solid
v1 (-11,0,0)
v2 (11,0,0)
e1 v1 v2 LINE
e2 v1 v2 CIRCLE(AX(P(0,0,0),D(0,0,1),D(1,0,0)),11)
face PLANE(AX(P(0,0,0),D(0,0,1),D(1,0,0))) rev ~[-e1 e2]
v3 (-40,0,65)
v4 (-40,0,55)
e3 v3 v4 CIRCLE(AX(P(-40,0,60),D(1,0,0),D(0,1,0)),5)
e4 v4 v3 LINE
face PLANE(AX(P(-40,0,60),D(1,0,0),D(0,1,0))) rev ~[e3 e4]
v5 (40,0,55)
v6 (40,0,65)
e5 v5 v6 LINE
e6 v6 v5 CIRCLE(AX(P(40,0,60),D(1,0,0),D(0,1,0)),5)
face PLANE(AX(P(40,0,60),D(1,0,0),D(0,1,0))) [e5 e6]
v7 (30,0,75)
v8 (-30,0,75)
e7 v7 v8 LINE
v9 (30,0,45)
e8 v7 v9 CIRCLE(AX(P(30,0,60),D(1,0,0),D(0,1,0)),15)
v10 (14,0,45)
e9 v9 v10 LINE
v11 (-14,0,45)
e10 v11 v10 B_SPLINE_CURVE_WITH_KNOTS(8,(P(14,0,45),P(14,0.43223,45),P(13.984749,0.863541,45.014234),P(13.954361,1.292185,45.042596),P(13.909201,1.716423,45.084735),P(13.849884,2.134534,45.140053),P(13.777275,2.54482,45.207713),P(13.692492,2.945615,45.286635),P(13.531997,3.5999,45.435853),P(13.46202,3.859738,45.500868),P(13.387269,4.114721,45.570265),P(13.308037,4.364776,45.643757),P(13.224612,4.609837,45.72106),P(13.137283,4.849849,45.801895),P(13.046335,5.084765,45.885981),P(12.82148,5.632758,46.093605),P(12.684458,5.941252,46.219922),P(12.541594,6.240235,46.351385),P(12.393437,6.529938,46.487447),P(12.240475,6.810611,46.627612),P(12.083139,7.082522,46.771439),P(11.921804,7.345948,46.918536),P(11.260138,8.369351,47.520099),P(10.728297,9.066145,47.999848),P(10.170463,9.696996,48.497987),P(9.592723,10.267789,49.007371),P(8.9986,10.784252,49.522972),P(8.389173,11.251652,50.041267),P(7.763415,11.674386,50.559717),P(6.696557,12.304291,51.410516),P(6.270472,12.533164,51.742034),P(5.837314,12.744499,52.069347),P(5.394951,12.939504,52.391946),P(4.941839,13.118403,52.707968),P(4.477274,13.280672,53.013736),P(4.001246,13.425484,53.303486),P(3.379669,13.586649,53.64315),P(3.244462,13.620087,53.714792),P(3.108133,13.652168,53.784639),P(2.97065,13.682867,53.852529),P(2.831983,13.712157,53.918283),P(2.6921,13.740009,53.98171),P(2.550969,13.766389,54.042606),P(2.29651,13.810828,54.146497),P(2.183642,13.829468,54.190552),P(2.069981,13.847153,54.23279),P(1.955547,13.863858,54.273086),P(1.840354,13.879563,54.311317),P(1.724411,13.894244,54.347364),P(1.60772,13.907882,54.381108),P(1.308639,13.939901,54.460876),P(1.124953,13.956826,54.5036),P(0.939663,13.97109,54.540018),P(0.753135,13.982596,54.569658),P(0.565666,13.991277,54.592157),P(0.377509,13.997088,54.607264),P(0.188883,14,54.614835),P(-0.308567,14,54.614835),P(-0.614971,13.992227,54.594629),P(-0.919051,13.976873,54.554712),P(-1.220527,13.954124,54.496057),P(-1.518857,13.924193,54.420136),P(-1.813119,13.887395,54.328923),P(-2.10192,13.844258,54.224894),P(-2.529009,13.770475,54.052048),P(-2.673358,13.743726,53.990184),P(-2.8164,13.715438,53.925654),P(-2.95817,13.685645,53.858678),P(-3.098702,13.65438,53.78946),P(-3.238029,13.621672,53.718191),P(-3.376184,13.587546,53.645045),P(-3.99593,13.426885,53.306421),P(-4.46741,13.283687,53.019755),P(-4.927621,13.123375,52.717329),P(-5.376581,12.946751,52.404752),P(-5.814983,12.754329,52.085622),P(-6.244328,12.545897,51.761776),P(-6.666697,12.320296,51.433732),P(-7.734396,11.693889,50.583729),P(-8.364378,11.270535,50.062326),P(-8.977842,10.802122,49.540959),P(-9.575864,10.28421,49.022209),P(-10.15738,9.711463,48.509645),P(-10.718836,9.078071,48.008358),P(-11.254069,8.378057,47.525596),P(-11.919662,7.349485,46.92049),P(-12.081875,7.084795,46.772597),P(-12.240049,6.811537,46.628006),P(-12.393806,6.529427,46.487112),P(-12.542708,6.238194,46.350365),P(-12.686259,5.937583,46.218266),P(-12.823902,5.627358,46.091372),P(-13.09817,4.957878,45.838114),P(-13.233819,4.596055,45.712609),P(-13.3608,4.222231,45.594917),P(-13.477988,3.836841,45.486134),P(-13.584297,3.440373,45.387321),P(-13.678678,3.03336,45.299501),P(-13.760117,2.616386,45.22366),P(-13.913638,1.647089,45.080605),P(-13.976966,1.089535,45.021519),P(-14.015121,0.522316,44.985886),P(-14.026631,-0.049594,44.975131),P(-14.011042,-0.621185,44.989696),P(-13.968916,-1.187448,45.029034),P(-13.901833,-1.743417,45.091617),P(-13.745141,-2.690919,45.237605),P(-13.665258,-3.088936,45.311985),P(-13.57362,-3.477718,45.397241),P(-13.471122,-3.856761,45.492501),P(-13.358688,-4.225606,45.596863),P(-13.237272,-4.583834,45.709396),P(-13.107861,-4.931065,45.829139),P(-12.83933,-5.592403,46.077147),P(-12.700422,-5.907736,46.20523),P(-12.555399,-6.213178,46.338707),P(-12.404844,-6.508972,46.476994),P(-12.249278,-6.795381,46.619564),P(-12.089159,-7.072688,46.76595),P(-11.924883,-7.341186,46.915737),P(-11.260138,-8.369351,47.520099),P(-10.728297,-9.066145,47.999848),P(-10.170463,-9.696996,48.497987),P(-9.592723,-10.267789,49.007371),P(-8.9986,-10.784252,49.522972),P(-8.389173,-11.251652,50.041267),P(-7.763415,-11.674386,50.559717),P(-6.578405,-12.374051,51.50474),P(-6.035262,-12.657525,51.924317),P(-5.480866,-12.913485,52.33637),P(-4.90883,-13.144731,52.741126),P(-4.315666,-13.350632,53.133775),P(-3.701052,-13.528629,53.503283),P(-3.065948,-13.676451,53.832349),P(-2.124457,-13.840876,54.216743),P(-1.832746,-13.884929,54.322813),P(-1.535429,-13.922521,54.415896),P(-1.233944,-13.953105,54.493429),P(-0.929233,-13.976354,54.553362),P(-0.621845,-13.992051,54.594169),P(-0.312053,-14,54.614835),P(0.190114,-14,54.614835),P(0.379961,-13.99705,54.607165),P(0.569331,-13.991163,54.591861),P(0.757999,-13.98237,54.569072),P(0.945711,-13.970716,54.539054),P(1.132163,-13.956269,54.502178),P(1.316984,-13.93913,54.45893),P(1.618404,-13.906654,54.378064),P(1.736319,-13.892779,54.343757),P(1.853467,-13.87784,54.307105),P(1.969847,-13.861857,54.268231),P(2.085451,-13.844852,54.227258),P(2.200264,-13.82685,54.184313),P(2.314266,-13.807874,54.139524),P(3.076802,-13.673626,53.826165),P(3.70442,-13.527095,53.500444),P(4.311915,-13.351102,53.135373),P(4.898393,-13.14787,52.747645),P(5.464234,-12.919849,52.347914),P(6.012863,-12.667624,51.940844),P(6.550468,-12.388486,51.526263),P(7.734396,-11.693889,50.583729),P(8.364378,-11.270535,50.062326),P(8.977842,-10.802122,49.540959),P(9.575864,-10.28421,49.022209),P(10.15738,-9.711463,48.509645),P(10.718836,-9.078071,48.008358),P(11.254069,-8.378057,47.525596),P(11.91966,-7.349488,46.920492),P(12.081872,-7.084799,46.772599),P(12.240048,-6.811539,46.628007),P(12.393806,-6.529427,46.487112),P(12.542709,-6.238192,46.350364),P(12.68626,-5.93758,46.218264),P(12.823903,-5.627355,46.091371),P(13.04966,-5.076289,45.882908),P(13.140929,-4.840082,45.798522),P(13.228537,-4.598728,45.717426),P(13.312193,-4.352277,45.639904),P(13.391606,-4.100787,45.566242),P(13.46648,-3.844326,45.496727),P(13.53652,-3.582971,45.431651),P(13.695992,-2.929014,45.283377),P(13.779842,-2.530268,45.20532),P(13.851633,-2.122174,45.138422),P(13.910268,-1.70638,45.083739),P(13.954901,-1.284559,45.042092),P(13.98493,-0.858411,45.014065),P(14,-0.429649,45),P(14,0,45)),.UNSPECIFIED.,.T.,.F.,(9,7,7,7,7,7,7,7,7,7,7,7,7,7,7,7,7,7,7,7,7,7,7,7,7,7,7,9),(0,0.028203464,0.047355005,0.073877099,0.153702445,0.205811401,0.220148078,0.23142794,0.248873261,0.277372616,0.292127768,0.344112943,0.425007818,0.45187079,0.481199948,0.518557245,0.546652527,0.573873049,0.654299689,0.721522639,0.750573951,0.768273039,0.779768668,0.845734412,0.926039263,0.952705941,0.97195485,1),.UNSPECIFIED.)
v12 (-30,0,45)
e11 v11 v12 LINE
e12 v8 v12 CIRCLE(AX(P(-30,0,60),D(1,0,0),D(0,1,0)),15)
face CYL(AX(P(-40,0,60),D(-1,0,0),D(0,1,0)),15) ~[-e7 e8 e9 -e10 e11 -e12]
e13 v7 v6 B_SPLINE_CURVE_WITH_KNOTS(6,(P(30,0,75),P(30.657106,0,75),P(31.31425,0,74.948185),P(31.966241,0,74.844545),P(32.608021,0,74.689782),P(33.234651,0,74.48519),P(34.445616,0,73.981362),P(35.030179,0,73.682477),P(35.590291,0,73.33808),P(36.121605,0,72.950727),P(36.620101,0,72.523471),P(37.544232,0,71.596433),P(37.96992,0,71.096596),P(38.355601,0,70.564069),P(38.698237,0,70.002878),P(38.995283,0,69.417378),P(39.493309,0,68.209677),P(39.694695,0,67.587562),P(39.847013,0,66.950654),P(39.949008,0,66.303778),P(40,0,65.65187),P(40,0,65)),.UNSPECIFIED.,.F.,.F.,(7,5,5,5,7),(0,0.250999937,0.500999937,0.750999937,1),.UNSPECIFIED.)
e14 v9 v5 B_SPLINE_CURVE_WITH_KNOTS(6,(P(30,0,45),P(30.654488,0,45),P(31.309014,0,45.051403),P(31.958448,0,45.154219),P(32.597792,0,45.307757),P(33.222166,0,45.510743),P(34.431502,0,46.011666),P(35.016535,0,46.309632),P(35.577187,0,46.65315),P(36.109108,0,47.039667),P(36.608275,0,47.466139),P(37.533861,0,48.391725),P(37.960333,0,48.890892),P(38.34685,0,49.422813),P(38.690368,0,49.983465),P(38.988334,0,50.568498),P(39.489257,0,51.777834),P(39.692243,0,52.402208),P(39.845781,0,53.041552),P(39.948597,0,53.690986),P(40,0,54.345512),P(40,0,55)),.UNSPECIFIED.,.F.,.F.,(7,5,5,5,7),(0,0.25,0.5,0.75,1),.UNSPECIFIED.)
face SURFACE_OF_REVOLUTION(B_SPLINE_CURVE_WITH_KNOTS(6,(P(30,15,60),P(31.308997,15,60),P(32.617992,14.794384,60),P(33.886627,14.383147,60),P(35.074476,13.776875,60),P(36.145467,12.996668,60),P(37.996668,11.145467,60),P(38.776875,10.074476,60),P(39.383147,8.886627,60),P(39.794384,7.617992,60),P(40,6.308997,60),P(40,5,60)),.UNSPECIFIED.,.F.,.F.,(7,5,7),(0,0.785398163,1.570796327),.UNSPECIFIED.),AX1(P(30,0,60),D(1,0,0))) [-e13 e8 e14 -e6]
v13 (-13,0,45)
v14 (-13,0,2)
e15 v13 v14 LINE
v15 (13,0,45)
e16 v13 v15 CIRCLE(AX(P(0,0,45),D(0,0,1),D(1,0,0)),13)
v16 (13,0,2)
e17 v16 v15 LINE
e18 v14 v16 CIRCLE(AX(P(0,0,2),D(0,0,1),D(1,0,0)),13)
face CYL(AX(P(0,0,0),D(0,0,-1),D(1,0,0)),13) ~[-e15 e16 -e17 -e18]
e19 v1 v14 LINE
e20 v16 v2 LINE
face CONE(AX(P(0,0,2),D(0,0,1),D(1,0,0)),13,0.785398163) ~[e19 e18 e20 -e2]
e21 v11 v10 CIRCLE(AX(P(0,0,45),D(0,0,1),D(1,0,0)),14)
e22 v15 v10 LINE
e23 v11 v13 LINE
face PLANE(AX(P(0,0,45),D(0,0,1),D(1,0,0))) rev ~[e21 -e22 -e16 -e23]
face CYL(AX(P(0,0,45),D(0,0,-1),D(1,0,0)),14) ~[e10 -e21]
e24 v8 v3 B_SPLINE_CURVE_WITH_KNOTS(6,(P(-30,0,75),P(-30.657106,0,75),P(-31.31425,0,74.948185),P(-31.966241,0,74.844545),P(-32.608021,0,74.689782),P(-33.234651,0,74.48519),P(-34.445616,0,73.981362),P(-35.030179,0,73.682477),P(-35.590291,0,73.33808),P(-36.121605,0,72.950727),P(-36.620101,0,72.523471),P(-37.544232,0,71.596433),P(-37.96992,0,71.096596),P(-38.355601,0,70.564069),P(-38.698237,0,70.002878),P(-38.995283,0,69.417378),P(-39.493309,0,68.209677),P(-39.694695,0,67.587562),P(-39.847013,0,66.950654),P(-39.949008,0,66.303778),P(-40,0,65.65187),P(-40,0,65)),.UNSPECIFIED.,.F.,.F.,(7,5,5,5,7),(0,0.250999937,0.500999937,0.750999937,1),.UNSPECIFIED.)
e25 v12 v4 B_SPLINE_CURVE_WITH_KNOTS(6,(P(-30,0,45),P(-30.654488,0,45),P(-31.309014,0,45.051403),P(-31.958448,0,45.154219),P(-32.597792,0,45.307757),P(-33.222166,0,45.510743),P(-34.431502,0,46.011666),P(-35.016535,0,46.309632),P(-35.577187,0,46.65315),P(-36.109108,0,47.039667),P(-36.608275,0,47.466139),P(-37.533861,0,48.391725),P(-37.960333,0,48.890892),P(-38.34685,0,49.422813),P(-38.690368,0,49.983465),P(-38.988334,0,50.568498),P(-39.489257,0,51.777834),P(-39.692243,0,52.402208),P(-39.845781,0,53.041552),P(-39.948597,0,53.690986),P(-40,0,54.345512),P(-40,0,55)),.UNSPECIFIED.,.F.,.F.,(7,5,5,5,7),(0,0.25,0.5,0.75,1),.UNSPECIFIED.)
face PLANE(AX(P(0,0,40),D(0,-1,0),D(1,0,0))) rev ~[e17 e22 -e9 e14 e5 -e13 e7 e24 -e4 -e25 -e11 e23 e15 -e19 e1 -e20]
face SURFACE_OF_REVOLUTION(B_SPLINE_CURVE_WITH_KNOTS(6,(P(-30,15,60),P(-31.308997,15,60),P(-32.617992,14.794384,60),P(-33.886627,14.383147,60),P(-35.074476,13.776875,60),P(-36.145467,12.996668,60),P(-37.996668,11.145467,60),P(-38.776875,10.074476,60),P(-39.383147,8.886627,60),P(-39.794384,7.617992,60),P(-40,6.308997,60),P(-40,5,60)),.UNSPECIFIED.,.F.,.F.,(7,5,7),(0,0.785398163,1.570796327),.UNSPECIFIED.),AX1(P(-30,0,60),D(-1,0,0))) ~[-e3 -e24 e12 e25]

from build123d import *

# Parameters (mm, degrees)
CYLINDER_R        = 13
CYLINDER_DEPTH    = 45
CYLINDER001_R     = 14
CYLINDER001_DEPTH = 10
CYLINDER002_R     = 15
CYLINDER002_DEPTH = 80
CHAMFER_SIZE      = 2
FILLET_R          = 10
BOX_W             = 80
BOX_H             = 80
BOX_DEPTH         = 15


with BuildPart() as part:
    # Cylinder → Cylinder (join)
    with BuildSketch(Plane.XY):
        Circle(CYLINDER_R)
    extrude(amount=CYLINDER_DEPTH)

    # Cylinder001 → Cylinder001 (join)
    with BuildSketch(Plane.XY.offset(45)):
        Circle(CYLINDER001_R)
    extrude(amount=CYLINDER001_DEPTH)

    # Cylinder002 → Cylinder002 (join)
    with BuildSketch(Plane(origin=(-40, 0, 60), x_dir=(0, 1, 0), z_dir=(1, 0, 0))):
        Circle(CYLINDER002_R)
    extrude(amount=CYLINDER002_DEPTH)

    # Chamfer
    chamfer_edges = [part.edges().sort_by_distance(p)[0] for p in [
        (-13, 0, 0),
    ]]
    chamfer(chamfer_edges, length=CHAMFER_SIZE)

    # Fillet
    fillet_edges = [part.edges().sort_by_distance(p)[0] for p in [
        (40, -15, 60),
        (-40, -15, 60),
    ]]
    fillet(fillet_edges, radius=FILLET_R)

    # Box → Box (cut)
    with BuildSketch(Plane(origin=(-40, 15, 0), x_dir=(1, 0, 0), z_dir=(0, -1, 0))):
        with Locations((40, 40)):
            Rectangle(BOX_W, BOX_H)
    extrude(amount=BOX_DEPTH, mode=Mode.SUBTRACT)


solid = part.part
